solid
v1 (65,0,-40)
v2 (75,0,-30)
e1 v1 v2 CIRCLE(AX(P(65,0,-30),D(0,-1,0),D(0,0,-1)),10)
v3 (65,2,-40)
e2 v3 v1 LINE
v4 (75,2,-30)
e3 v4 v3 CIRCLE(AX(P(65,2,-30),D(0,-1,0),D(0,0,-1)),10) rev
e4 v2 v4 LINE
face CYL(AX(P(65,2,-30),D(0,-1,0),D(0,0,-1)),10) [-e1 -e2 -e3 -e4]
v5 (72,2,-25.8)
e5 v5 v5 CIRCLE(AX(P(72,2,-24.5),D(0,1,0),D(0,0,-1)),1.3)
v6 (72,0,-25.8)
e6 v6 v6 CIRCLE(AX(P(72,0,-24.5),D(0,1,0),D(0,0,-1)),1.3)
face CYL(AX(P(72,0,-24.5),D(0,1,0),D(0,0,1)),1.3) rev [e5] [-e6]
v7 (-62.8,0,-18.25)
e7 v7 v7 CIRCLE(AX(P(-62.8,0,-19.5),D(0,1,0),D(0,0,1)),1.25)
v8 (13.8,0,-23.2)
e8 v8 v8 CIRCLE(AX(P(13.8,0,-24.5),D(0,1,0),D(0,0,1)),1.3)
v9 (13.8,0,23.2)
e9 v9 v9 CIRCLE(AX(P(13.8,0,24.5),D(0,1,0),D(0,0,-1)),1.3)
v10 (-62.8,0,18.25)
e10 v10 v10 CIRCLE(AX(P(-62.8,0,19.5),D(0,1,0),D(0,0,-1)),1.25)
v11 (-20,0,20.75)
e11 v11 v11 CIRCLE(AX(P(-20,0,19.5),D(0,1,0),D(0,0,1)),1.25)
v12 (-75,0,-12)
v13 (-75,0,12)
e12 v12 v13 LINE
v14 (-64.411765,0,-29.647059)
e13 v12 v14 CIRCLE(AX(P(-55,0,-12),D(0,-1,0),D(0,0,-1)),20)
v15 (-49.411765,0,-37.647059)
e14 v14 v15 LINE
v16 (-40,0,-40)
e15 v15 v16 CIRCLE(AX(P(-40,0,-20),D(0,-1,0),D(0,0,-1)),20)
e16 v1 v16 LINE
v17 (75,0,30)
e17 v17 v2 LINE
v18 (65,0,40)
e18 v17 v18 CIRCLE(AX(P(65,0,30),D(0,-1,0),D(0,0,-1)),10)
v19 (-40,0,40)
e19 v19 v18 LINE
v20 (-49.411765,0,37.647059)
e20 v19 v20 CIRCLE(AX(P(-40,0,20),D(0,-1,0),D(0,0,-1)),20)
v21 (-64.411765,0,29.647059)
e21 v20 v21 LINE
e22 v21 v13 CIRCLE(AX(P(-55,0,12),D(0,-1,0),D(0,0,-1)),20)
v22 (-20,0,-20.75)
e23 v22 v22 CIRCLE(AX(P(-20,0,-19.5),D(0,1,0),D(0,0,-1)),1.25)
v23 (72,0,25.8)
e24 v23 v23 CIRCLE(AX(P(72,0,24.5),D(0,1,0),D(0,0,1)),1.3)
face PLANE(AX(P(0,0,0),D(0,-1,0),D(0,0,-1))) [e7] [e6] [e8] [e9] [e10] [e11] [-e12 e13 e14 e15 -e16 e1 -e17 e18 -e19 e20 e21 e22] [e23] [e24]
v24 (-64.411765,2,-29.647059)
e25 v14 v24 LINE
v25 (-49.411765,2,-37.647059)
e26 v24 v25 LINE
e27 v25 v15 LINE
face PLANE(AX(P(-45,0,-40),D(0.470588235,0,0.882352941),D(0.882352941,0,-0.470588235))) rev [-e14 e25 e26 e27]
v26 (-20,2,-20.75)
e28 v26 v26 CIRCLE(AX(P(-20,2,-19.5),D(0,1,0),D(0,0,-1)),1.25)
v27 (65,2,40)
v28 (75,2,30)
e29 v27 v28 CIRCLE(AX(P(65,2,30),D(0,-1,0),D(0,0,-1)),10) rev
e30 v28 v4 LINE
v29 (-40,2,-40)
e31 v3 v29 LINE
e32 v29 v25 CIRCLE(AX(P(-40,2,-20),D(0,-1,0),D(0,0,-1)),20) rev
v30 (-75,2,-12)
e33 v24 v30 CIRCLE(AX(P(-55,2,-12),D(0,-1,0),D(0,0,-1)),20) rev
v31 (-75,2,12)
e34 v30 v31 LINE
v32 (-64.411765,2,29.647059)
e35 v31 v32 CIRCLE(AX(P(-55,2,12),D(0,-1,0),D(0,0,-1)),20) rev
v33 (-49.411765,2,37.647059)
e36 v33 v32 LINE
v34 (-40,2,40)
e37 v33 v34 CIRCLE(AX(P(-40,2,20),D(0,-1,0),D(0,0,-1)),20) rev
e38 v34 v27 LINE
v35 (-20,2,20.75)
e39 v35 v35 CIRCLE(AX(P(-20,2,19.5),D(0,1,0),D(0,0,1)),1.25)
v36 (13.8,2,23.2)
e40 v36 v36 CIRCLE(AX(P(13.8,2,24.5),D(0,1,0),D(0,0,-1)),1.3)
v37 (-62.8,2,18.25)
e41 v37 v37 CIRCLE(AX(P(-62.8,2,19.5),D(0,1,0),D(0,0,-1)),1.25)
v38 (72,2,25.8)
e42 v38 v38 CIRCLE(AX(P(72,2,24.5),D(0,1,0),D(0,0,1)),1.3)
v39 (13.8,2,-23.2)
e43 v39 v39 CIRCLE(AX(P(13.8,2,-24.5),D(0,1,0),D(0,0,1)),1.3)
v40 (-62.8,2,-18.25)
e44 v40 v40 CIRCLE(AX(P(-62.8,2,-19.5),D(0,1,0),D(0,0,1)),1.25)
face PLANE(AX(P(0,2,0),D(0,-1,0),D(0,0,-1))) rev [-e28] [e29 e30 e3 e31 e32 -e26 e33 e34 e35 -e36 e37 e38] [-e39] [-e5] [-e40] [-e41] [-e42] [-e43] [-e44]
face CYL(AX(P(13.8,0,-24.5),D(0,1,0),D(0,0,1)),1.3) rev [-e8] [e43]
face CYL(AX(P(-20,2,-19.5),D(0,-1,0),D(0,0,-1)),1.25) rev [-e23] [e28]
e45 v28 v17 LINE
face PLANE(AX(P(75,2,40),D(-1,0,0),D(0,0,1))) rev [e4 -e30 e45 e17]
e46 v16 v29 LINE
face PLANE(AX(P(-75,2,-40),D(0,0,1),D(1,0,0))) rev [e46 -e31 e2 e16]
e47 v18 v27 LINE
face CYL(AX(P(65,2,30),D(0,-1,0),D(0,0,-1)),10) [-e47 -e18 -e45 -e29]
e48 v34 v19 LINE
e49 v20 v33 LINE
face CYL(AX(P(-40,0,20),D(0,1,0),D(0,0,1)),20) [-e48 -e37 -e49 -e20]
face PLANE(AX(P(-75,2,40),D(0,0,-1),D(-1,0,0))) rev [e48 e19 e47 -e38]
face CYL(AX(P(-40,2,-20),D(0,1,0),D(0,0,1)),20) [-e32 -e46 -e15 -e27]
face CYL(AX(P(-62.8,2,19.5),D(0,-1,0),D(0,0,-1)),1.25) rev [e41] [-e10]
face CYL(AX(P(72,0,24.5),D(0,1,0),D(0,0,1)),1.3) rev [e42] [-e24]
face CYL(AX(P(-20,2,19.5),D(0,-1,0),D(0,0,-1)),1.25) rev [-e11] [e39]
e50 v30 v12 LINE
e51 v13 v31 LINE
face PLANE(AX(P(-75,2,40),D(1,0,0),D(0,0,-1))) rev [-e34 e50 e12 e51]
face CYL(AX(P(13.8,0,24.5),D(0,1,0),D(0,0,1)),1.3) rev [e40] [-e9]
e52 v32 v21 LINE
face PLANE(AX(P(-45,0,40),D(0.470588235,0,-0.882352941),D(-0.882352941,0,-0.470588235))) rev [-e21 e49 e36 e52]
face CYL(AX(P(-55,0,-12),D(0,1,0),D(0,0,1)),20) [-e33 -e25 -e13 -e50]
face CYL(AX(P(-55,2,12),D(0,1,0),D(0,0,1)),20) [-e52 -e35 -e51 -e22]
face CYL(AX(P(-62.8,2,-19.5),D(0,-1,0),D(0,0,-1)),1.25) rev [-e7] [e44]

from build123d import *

# Parameters (mm, degrees)
SKETCH_1_W          = 150
SKETCH_1_H          = 80
SKETCH_1_R          = 1.25
EXTRUDE_1_DEPTH     = 2
SKETCH_2_R          = 1.3
CUT_EXTRUDE_1_DEPTH = 2
CUT_EXTRUDE_2_DEPTH = 2
FILLET_1_R          = 20
FILLET_2_R          = 10


with BuildPart() as part:
    # 草图1 → 凸台-拉伸1 (new body)
    with BuildSketch(Plane(origin=(0, 0, 0), x_dir=(1, 0, 0), z_dir=(0, 1, 0))):
        Rectangle(SKETCH_1_W, SKETCH_1_H)
        with Locations(Location((-62.8, 19.5, 0), (0, 0, 270))):
            Circle(SKETCH_1_R, mode=Mode.SUBTRACT)
        with Locations(Location((-20, 19.5, 0), (0, 0, 90))):
            Circle(SKETCH_1_R, mode=Mode.SUBTRACT)
        with Locations(Location((-20, -19.5, 0), (0, 0, 270))):
            Circle(SKETCH_1_R, mode=Mode.SUBTRACT)
        with Locations(Location((-62.8, -19.5, 0), (0, 0, 90))):
            Circle(SKETCH_1_R, mode=Mode.SUBTRACT)
    extrude(amount=EXTRUDE_1_DEPTH)

    # 草图2 → 切除-拉伸1 (cut)
    with BuildSketch(Plane(origin=(0, 2, 0), x_dir=(1, 0, 0), z_dir=(0, 1, 0))):
        with Locations(Location((13.8, 24.5, 0), (0, 0, 270))):
            Circle(SKETCH_2_R)
        with Locations(Location((72, 24.5, 0), (0, 0, 90))):
            Circle(SKETCH_2_R)
        with Locations(Location((13.8, -24.5, 0), (0, 0, 90))):
            Circle(SKETCH_2_R)
        with Locations(Location((72, -24.5, 0), (0, 0, 270))):
            Circle(SKETCH_2_R)
    extrude(amount=-CUT_EXTRUDE_1_DEPTH, mode=Mode.SUBTRACT)

    # 草图3 → 切除-拉伸2 (cut)
    with BuildSketch(Plane(origin=(0, 2, 0), x_dir=(1, 0, 0), z_dir=(0, 1, 0))):
        Polygon((-75, 40), (-45, 40), (-75, 24), align=None)
        Polygon((-45, -40), (-75, -24), (-75, -40), align=None)
    extrude(amount=-CUT_EXTRUDE_2_DEPTH, mode=Mode.SUBTRACT)

    # 圆角1
    fillet_1_edges = [part.edges().sort_by_distance(p)[0] for p in [
        (-75, 1, -24),
        (-45, 1, -40),
        (-45, 1, 40),
        (-75, 1, 24),
    ]]
    fillet(fillet_1_edges, radius=FILLET_1_R)

    # 圆角2
    fillet_2_edges = [part.edges().sort_by_distance(p)[0] for p in [
        (75, 1, 40),
        (75, 1, -40),
    ]]
    fillet(fillet_2_edges, radius=FILLET_2_R)


solid = part.part
